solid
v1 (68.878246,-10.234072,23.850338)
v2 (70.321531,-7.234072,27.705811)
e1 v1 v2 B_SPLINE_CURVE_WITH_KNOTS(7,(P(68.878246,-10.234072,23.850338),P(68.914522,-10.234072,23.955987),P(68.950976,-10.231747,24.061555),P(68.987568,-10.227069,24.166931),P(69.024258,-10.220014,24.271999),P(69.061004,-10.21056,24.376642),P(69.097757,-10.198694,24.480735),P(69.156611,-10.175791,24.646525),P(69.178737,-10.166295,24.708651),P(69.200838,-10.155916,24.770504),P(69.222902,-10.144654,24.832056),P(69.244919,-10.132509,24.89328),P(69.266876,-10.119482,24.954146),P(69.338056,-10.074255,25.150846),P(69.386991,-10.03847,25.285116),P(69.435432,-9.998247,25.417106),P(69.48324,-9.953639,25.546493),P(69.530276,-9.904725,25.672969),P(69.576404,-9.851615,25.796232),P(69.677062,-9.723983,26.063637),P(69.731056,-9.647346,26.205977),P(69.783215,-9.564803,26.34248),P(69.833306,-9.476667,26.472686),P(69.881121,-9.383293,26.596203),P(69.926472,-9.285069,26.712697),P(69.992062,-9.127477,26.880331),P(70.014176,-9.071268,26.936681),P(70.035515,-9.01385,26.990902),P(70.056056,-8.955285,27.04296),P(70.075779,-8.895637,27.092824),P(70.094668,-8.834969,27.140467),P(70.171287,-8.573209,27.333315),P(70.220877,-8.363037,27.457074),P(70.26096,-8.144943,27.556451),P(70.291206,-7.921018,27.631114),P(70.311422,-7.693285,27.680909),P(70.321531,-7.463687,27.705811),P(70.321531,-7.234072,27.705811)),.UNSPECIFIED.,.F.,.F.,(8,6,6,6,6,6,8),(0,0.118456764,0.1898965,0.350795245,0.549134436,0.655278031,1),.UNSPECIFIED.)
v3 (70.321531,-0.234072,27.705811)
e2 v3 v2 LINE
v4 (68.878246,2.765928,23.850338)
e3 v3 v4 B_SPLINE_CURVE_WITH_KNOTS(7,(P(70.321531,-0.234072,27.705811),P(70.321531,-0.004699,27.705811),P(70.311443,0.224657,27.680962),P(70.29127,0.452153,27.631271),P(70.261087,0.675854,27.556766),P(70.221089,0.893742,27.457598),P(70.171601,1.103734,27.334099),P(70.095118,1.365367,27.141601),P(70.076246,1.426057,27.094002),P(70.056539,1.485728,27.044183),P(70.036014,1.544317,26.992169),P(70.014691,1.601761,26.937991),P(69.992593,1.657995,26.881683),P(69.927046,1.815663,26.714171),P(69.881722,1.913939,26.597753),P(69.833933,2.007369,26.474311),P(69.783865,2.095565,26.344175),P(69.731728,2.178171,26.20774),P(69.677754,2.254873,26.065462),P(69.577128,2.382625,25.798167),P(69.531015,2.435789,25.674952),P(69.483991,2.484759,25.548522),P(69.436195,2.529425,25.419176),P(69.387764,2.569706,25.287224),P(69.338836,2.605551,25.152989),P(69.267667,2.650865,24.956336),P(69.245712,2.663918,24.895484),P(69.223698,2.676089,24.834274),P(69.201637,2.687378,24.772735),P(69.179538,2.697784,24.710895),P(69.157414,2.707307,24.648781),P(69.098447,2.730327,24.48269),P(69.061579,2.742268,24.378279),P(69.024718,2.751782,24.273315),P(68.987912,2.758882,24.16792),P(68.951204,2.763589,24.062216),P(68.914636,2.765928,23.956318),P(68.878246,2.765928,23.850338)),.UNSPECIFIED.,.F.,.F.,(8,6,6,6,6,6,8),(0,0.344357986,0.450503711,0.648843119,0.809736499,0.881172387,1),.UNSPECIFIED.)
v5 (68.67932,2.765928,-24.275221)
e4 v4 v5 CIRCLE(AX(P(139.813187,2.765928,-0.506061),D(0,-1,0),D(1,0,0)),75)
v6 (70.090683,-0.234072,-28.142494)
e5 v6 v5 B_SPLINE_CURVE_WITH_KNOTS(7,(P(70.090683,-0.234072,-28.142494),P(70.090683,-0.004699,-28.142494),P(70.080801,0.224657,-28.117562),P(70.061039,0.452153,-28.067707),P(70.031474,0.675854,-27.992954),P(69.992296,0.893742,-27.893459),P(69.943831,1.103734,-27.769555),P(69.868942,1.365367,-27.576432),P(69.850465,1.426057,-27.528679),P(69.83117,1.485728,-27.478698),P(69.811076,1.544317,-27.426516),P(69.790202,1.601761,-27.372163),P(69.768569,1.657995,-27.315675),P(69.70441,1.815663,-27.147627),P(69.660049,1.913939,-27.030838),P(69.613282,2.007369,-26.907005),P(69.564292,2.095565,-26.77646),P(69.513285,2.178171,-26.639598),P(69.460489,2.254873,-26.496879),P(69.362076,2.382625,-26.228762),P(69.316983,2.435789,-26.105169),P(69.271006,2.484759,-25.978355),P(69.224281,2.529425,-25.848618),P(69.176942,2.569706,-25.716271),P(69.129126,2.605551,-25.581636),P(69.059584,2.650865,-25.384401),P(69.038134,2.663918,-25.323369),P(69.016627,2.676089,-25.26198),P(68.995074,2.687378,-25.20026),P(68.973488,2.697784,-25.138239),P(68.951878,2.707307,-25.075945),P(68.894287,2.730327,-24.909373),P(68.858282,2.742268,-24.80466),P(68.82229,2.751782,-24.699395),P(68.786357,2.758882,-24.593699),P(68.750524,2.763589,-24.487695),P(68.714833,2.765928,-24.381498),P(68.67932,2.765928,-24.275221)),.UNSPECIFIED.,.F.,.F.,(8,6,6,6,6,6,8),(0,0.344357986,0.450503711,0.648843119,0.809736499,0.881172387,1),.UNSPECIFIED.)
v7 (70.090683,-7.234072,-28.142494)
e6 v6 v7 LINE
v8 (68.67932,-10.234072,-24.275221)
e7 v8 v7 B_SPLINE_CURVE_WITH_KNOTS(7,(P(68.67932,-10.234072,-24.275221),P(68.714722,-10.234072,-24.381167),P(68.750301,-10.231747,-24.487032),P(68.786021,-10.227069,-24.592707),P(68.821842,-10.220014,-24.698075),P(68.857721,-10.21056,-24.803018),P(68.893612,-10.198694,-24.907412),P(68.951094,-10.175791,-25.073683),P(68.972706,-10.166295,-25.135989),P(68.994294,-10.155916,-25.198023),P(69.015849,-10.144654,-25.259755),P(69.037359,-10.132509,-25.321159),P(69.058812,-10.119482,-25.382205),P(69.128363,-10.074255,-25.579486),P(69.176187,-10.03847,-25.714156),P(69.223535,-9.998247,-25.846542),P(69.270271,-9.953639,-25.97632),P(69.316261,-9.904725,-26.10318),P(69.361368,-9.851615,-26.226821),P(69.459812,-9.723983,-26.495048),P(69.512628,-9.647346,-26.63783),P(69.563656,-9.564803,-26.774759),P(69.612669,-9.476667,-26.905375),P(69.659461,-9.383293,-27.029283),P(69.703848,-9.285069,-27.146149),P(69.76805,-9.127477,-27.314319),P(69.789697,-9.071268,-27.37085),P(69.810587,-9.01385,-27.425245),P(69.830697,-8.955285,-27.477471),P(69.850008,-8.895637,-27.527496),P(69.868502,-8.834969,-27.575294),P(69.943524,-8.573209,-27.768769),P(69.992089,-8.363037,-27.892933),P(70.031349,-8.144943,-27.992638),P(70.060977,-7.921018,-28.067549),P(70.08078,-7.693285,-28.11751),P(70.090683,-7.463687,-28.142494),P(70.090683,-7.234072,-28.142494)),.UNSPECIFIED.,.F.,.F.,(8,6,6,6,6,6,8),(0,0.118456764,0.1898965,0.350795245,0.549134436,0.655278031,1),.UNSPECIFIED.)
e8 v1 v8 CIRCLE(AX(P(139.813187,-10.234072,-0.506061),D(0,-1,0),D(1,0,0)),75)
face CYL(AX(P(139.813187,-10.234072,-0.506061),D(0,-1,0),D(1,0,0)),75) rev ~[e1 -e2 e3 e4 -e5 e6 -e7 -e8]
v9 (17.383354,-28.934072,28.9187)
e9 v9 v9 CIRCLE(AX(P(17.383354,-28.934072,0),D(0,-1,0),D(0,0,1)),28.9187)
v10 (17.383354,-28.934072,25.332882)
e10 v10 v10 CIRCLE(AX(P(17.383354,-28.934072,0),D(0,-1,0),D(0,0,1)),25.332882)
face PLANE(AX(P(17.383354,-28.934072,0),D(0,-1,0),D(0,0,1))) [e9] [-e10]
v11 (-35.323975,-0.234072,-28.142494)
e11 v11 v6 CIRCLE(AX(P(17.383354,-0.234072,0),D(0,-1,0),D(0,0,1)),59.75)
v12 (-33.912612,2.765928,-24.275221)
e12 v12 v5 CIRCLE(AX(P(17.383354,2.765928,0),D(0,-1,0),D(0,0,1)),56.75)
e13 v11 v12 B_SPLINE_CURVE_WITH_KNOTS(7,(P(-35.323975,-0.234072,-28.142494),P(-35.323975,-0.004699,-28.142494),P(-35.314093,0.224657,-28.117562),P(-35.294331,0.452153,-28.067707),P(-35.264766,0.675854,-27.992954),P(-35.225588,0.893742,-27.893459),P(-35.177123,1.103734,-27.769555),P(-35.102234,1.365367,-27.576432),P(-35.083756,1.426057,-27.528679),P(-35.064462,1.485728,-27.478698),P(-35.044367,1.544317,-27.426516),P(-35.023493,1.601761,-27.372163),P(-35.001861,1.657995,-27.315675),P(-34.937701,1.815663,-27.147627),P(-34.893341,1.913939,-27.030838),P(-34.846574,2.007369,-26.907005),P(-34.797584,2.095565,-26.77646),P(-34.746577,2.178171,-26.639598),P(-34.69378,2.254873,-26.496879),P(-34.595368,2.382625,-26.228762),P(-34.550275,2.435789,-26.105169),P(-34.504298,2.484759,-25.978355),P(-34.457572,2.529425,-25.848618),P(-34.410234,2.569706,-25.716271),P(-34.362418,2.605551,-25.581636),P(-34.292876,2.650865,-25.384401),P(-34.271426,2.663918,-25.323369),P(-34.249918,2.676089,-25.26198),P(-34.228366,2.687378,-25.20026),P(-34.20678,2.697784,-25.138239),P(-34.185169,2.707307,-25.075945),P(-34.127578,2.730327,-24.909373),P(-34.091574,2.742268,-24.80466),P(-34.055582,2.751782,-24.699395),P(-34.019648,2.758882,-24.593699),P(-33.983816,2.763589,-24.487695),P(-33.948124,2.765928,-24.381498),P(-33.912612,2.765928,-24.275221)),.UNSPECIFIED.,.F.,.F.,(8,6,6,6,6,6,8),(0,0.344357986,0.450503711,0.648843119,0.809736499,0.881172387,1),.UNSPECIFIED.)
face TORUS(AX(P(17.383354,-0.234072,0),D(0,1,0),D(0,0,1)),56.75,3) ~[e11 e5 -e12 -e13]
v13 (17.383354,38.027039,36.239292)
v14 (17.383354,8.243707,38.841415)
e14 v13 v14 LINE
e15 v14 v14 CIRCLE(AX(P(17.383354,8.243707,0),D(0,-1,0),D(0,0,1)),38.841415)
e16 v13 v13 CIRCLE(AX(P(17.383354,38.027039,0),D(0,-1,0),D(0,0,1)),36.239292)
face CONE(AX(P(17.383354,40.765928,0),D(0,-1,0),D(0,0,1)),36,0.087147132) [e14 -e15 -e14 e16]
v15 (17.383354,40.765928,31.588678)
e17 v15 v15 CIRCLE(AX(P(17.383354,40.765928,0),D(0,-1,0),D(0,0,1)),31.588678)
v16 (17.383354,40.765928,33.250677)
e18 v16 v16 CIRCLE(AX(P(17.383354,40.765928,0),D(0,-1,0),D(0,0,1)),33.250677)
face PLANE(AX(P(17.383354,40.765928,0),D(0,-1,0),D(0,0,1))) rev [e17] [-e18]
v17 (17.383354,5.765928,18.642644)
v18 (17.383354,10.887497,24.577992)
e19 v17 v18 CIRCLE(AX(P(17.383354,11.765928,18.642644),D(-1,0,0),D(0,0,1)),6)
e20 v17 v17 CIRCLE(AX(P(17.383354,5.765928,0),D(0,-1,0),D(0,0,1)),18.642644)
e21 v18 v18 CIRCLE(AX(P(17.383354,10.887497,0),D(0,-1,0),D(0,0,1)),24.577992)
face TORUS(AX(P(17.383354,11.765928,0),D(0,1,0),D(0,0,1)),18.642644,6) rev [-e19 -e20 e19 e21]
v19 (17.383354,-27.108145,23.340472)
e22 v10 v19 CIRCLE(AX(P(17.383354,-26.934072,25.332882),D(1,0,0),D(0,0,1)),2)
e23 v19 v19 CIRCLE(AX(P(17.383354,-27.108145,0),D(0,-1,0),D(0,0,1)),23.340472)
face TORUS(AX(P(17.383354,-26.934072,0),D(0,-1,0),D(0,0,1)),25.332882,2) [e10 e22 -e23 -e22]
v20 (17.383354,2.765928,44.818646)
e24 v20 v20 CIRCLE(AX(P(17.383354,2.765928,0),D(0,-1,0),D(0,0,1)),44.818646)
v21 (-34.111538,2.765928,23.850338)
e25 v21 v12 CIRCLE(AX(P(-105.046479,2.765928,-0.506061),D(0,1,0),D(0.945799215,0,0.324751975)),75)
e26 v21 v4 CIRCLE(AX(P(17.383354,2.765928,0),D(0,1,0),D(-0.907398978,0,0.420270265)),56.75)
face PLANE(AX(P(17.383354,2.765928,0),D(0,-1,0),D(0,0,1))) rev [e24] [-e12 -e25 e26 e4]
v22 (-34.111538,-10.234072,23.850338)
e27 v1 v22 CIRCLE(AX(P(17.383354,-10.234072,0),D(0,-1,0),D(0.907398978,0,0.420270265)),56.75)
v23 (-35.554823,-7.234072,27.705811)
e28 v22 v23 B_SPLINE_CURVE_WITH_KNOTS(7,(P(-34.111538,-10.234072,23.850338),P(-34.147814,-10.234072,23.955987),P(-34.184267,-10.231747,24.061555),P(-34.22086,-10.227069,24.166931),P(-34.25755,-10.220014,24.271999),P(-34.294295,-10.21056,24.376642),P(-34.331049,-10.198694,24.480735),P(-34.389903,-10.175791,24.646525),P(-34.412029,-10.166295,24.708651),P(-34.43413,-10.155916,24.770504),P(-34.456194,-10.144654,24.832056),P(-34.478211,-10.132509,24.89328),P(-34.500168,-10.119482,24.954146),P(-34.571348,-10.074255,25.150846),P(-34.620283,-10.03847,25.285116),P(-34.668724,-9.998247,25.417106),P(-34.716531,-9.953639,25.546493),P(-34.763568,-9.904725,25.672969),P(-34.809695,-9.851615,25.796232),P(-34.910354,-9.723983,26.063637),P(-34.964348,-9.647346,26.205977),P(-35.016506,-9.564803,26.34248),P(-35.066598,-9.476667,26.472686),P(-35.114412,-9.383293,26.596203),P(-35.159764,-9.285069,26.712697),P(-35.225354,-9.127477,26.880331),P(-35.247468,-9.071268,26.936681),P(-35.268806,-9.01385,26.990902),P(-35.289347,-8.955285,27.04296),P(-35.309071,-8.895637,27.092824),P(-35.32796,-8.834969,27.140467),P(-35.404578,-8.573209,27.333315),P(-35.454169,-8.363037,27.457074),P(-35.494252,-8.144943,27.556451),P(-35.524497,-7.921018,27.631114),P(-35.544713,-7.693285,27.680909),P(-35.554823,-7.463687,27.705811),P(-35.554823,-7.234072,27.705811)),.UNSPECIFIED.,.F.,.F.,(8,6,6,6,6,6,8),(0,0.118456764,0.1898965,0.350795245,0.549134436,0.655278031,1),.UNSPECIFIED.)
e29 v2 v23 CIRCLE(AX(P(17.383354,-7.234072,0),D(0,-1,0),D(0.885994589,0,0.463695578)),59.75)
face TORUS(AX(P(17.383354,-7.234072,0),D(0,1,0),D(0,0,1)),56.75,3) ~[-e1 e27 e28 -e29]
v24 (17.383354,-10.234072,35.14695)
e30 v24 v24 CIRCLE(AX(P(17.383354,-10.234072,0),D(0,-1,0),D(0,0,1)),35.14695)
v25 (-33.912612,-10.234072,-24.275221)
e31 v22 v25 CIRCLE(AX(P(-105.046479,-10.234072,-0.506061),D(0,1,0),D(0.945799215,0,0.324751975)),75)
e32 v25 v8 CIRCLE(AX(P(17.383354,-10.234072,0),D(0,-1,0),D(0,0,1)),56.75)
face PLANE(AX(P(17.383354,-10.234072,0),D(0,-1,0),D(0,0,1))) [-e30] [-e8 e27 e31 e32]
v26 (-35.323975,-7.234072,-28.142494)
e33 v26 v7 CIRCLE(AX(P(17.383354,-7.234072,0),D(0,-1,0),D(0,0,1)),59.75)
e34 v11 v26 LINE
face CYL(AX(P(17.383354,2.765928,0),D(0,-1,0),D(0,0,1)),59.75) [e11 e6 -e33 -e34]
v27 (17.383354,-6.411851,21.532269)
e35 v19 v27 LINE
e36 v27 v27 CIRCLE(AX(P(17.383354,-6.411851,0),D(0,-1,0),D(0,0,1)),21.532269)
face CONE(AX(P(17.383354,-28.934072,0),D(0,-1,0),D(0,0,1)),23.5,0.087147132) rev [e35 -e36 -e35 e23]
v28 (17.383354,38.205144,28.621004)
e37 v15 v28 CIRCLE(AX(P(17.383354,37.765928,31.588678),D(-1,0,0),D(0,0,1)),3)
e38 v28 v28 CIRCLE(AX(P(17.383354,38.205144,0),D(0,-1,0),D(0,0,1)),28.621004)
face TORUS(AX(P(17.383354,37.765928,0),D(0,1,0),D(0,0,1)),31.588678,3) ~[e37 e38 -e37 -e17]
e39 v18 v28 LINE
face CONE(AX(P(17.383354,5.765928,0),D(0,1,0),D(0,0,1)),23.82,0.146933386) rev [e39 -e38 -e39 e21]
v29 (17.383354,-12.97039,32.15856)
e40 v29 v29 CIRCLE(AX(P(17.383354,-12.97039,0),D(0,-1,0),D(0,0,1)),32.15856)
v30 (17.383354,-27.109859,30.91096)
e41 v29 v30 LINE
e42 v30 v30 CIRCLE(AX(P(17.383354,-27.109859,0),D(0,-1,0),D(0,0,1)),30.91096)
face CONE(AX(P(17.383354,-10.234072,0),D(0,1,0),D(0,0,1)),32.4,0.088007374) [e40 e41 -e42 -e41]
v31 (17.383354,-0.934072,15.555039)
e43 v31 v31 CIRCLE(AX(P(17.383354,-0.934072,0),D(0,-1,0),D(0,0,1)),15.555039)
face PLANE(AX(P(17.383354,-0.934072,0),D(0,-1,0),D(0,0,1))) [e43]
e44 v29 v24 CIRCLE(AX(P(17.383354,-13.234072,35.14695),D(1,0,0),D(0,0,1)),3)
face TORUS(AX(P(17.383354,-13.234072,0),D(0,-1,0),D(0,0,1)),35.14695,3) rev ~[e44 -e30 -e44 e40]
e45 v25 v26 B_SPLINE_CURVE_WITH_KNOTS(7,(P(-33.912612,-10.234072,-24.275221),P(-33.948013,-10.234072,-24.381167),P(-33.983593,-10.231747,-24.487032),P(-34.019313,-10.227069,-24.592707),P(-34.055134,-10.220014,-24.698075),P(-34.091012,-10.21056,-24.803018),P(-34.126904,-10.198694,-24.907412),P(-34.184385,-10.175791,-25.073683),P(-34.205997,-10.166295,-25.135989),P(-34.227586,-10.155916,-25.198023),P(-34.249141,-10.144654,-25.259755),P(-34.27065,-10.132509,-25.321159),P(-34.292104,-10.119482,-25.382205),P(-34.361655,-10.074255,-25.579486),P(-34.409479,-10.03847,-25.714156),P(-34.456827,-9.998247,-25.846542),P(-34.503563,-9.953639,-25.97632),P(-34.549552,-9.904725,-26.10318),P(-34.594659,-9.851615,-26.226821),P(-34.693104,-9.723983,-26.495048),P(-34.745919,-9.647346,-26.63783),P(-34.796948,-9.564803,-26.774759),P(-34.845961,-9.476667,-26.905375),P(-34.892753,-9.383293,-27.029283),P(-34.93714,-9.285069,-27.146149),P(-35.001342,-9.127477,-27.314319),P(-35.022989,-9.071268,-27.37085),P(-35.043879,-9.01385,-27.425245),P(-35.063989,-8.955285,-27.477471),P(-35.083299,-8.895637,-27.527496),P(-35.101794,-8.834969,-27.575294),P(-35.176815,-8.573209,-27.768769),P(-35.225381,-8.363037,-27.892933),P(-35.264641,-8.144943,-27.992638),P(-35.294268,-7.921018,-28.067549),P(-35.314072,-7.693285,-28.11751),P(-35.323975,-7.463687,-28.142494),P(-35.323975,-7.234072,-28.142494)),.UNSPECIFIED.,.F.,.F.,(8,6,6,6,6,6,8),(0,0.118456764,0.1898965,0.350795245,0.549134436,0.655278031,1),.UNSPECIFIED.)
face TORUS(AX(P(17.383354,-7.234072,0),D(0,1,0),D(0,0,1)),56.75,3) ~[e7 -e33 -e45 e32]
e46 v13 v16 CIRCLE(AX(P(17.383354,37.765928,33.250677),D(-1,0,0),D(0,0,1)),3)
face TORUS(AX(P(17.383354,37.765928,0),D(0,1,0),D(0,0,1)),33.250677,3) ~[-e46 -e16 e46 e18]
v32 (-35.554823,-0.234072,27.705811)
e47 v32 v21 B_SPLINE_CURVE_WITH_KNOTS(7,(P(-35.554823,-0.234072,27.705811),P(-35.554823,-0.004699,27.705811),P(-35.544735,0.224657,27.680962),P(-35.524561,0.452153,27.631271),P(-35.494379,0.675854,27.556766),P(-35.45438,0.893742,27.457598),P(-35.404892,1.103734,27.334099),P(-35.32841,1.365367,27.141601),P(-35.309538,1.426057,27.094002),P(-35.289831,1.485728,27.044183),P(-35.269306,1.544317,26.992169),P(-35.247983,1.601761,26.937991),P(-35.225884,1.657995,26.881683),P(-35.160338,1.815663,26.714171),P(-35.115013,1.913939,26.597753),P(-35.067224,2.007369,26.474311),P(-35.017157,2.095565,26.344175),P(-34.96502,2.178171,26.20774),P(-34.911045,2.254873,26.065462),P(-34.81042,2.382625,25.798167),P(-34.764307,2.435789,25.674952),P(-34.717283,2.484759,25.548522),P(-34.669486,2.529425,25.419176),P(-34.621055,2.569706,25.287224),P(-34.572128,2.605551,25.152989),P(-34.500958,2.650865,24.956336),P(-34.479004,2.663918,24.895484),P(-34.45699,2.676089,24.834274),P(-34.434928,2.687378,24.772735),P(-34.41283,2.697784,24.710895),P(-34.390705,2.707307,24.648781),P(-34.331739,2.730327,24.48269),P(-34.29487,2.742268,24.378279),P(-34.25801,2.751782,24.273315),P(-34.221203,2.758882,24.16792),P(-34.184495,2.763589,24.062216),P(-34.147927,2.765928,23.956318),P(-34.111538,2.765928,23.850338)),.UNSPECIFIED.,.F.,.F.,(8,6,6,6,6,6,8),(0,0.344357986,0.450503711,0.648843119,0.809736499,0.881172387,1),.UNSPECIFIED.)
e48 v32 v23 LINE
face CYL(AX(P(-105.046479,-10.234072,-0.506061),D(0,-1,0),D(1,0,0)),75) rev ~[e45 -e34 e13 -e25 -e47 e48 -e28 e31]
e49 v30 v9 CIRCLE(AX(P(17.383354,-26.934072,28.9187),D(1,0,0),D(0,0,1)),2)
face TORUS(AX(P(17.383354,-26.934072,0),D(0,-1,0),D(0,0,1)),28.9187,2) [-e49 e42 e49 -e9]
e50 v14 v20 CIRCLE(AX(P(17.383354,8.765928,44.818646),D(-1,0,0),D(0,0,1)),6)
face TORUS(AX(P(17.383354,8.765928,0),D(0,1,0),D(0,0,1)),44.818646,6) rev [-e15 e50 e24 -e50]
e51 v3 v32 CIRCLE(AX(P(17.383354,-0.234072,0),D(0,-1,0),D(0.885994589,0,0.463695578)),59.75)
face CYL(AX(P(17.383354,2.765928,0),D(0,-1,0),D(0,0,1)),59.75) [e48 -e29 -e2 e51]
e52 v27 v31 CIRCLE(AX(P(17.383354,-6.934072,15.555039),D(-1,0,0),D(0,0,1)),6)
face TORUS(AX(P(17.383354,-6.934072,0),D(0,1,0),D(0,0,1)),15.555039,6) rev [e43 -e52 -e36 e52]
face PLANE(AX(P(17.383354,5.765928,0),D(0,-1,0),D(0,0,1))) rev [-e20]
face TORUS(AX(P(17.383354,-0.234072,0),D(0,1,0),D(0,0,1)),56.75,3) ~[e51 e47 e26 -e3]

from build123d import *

# Parameters (mm, degrees)
FILETE1_R             = 6
FILETE2_R             = 6
FILETE3_R             = 3
FILETE4_R             = 3
FILETE5_R             = 3
FILETE6_R             = 3
FILETE7_R             = 3
FILETE8_R             = 6
FILETE9_R             = 2
ESBO_O2_R             = 75
CORTE_EXTRUS_O3_DEPTH = 111.093672947


with BuildPart() as part:
    # Esboço1 → Revolução1 (revolve)
    with BuildSketch(Plane.XY, mode=Mode.PRIVATE) as revolu_o1_sk:
        Polygon((46.383354153, 40.76592827), (53.383354153, 40.76592827), (56.703354153, 2.76592827), (77.133354153, 2.76592827), (77.133354153, -10.23407173), (49.783354153, -10.23407173), (48.133354153, -28.93407173), (40.883354153, -28.93407173), (38.437038363, -0.93407173), (17.383354153, -0.93407173), (17.383354153, 5.76592827), (41.203354153, 5.76592827), align=None)
    revolve(revolu_o1_sk.sketch.rotate(Axis((17.383354153, 40.76592827, 0), (0, -1, 0)), 90), axis=Axis((17.383354153, 40.76592827, 0), (0, -1, 0)))

    # Filete1
    filete1_edges = [part.edges().sort_by_distance(p)[0] for p in [
        (17.383354153, 5.76592827, -23.82),
    ]]
    fillet(filete1_edges, radius=FILETE1_R)

    # Filete2
    filete2_edges = [part.edges().sort_by_distance(p)[0] for p in [
        (17.383354153, -0.93407173, -21.053684211),
    ]]
    fillet(filete2_edges, radius=FILETE2_R)

    # Filete3
    filete3_edges = [part.edges().sort_by_distance(p)[0] for p in [
        (17.383354153, -10.23407173, -32.4),
    ]]
    fillet(filete3_edges, radius=FILETE3_R)

    # Filete4
    filete4_edges = [part.edges().sort_by_distance(p)[0] for p in [
        (17.383354153, -10.23407173, -59.75),
    ]]
    fillet(filete4_edges, radius=FILETE4_R)

    # Filete5
    filete5_edges = [part.edges().sort_by_distance(p)[0] for p in [
        (17.383354153, 2.76592827, -59.75),
    ]]
    fillet(filete5_edges, radius=FILETE5_R)

    # Filete6
    filete6_edges = [part.edges().sort_by_distance(p)[0] for p in [
        (17.383354153, 40.76592827, -36),
    ]]
    fillet(filete6_edges, radius=FILETE6_R)

    # Filete7
    filete7_edges = [part.edges().sort_by_distance(p)[0] for p in [
        (17.383354153, 40.76592827, -29),
    ]]
    fillet(filete7_edges, radius=FILETE7_R)

    # Filete8
    filete8_edges = [part.edges().sort_by_distance(p)[0] for p in [
        (17.383354153, 2.76592827, -39.32),
    ]]
    fillet(filete8_edges, radius=FILETE8_R)

    # Filete9
    filete9_edges = [part.edges().sort_by_distance(p)[0] for p in [
        (17.383354153, -28.93407173, -23.5),
        (17.383354153, -28.93407173, -30.75),
    ]]
    fillet(filete9_edges, radius=FILETE9_R)

    # Esboço2 → Corte-extrusão3 (cut, through all)
    with BuildSketch(Plane.XZ.offset(10.23407173)):
        with Locations((139.81318724, -0.506060637)):
            Circle(ESBO_O2_R)
        with Locations((-105.046478935, -0.506060637)):
            Circle(ESBO_O2_R)
    extrude(amount=-CORTE_EXTRUS_O3_DEPTH, mode=Mode.SUBTRACT)


solid = part.part
